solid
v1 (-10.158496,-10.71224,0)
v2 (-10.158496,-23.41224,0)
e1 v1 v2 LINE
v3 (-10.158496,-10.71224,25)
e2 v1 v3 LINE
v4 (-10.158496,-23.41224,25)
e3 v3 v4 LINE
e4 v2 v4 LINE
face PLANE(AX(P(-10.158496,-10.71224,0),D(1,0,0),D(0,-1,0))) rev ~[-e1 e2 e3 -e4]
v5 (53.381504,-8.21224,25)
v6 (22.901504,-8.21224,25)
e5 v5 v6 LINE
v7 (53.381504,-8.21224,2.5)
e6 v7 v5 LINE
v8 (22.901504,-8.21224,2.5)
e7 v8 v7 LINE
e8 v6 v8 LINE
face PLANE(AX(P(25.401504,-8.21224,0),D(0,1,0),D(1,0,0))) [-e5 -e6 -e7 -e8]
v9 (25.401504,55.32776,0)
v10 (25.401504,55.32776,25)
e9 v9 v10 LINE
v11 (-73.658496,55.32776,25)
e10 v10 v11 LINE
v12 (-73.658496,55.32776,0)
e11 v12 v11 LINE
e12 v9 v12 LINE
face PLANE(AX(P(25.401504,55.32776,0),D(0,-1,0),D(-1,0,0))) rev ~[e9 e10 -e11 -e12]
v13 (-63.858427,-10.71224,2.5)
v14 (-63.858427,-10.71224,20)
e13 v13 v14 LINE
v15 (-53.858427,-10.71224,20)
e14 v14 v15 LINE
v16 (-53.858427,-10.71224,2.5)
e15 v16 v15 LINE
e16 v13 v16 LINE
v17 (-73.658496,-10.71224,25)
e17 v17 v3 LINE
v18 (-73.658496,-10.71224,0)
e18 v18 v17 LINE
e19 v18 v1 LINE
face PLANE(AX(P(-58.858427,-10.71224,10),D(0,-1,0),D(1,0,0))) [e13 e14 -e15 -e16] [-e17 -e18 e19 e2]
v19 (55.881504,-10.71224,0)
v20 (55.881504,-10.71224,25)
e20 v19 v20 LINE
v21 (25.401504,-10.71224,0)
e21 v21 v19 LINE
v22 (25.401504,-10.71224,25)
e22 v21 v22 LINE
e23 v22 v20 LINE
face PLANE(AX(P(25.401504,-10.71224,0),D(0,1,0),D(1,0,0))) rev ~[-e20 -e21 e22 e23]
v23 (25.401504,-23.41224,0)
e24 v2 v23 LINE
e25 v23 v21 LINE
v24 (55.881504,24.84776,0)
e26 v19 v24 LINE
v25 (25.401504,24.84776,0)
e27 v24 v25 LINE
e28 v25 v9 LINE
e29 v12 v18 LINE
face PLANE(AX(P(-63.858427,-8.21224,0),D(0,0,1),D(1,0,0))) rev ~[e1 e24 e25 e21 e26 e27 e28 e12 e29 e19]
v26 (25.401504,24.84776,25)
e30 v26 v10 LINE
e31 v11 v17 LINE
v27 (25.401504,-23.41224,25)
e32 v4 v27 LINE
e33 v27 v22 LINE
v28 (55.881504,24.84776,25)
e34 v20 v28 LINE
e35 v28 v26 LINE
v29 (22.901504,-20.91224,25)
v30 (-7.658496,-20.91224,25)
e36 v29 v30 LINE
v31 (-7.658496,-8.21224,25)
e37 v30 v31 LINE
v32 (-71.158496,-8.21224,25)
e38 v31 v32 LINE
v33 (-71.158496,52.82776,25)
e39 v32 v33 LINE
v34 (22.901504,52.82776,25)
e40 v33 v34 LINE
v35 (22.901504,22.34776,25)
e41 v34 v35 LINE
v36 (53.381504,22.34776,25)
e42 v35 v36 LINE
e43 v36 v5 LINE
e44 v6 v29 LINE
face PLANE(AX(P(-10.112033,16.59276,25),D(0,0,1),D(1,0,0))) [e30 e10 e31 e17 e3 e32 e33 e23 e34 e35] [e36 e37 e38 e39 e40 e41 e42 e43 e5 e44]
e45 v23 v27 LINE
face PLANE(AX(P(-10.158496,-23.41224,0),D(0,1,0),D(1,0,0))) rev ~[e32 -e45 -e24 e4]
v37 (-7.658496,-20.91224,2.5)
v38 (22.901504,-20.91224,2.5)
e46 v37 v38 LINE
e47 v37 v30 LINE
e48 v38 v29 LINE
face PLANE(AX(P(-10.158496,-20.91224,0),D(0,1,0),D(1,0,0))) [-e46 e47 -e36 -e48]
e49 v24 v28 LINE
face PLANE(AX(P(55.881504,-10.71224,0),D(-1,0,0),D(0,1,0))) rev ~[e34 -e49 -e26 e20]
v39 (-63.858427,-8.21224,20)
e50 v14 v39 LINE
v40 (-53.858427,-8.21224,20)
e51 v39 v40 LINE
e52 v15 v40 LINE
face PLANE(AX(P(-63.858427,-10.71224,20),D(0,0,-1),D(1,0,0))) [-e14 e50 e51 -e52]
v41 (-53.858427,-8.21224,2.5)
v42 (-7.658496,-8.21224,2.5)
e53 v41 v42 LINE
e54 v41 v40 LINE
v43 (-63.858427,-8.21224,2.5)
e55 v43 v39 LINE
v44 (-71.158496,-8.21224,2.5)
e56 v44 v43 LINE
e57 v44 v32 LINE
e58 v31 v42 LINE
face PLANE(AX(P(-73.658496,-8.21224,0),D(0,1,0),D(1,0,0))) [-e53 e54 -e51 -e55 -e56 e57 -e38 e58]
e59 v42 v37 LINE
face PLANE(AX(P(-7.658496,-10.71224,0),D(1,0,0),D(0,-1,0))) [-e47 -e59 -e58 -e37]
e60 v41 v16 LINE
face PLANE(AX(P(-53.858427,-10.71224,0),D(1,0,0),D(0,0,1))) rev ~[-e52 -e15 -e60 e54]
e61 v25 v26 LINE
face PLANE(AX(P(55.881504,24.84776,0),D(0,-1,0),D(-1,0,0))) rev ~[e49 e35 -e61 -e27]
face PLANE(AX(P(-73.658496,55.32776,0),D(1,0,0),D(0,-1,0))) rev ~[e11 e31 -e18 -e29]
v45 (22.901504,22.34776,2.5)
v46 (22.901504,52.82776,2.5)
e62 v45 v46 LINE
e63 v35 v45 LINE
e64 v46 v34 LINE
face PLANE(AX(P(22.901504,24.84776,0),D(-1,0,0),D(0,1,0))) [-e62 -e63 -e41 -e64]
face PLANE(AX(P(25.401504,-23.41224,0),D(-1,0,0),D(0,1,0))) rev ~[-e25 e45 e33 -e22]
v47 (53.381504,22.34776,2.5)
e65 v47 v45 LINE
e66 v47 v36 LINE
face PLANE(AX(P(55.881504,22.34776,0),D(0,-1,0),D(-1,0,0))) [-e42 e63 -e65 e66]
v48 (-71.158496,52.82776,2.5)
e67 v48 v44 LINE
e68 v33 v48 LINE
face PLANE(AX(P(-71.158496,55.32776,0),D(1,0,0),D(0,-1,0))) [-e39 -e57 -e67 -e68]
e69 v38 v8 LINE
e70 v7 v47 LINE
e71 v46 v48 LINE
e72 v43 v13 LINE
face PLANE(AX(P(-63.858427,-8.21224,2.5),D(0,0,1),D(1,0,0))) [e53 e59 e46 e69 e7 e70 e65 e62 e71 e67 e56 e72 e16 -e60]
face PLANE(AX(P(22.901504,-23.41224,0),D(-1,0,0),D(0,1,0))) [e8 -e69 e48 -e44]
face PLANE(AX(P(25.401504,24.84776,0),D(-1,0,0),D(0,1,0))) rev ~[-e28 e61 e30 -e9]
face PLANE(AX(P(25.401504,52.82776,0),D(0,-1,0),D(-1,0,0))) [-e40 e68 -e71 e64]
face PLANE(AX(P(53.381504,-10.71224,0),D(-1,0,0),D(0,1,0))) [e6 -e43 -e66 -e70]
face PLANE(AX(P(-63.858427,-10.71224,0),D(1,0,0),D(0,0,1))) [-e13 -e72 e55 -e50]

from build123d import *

# Parameters (mm, degrees)
F1_DEPTH = 25
F2_T     = -2.5
F3_W     = 10
F3_H     = 20
F4_DEPTH = 2.5
F5_DEPTH = 2.5


with BuildPart() as f1:
    # F0 (on Top) → F1 (new body)
    with BuildSketch(Plane.XY):
        Polygon((-73.6584961414, 55.3277601087), (-73.6584961414, -10.7122398913), (-10.1584961414, -10.7122398913), (-10.1584961414, -23.4122398913), (25.4015038586, -23.4122398913), (25.4015038586, -10.7122398913), (55.8815038586, -10.7122398913), (55.8815038586, 24.8477601087), (25.4015038586, 24.8477601087), (25.4015038586, 55.3277601087), align=None)
    extrude(amount=F1_DEPTH)

    # F2
    f2_openings = [f1.faces().sort_by_distance(p)[0] for p in [
        (-13.662154, 18.061578, 25),
    ]]
    offset(amount=F2_T, openings=f2_openings, kind=Kind.INTERSECTION)

    # F3 (on face) → F4 (cut)
    with BuildSketch(Plane.XZ.offset(10.7122398913)):
        with Locations((-58.8584271073, 10)):
            Rectangle(F3_W, F3_H)
    extrude(amount=-F4_DEPTH, mode=Mode.SUBTRACT)

    # F5 (add): a face of the model
    f5_faces = [f1.faces().sort_by_distance(p)[0] for p in [
        (-58.8584271073, -8.2122398913, 1.25),
    ]]
    extrude(f5_faces, amount=F5_DEPTH)


solid = f1.part
